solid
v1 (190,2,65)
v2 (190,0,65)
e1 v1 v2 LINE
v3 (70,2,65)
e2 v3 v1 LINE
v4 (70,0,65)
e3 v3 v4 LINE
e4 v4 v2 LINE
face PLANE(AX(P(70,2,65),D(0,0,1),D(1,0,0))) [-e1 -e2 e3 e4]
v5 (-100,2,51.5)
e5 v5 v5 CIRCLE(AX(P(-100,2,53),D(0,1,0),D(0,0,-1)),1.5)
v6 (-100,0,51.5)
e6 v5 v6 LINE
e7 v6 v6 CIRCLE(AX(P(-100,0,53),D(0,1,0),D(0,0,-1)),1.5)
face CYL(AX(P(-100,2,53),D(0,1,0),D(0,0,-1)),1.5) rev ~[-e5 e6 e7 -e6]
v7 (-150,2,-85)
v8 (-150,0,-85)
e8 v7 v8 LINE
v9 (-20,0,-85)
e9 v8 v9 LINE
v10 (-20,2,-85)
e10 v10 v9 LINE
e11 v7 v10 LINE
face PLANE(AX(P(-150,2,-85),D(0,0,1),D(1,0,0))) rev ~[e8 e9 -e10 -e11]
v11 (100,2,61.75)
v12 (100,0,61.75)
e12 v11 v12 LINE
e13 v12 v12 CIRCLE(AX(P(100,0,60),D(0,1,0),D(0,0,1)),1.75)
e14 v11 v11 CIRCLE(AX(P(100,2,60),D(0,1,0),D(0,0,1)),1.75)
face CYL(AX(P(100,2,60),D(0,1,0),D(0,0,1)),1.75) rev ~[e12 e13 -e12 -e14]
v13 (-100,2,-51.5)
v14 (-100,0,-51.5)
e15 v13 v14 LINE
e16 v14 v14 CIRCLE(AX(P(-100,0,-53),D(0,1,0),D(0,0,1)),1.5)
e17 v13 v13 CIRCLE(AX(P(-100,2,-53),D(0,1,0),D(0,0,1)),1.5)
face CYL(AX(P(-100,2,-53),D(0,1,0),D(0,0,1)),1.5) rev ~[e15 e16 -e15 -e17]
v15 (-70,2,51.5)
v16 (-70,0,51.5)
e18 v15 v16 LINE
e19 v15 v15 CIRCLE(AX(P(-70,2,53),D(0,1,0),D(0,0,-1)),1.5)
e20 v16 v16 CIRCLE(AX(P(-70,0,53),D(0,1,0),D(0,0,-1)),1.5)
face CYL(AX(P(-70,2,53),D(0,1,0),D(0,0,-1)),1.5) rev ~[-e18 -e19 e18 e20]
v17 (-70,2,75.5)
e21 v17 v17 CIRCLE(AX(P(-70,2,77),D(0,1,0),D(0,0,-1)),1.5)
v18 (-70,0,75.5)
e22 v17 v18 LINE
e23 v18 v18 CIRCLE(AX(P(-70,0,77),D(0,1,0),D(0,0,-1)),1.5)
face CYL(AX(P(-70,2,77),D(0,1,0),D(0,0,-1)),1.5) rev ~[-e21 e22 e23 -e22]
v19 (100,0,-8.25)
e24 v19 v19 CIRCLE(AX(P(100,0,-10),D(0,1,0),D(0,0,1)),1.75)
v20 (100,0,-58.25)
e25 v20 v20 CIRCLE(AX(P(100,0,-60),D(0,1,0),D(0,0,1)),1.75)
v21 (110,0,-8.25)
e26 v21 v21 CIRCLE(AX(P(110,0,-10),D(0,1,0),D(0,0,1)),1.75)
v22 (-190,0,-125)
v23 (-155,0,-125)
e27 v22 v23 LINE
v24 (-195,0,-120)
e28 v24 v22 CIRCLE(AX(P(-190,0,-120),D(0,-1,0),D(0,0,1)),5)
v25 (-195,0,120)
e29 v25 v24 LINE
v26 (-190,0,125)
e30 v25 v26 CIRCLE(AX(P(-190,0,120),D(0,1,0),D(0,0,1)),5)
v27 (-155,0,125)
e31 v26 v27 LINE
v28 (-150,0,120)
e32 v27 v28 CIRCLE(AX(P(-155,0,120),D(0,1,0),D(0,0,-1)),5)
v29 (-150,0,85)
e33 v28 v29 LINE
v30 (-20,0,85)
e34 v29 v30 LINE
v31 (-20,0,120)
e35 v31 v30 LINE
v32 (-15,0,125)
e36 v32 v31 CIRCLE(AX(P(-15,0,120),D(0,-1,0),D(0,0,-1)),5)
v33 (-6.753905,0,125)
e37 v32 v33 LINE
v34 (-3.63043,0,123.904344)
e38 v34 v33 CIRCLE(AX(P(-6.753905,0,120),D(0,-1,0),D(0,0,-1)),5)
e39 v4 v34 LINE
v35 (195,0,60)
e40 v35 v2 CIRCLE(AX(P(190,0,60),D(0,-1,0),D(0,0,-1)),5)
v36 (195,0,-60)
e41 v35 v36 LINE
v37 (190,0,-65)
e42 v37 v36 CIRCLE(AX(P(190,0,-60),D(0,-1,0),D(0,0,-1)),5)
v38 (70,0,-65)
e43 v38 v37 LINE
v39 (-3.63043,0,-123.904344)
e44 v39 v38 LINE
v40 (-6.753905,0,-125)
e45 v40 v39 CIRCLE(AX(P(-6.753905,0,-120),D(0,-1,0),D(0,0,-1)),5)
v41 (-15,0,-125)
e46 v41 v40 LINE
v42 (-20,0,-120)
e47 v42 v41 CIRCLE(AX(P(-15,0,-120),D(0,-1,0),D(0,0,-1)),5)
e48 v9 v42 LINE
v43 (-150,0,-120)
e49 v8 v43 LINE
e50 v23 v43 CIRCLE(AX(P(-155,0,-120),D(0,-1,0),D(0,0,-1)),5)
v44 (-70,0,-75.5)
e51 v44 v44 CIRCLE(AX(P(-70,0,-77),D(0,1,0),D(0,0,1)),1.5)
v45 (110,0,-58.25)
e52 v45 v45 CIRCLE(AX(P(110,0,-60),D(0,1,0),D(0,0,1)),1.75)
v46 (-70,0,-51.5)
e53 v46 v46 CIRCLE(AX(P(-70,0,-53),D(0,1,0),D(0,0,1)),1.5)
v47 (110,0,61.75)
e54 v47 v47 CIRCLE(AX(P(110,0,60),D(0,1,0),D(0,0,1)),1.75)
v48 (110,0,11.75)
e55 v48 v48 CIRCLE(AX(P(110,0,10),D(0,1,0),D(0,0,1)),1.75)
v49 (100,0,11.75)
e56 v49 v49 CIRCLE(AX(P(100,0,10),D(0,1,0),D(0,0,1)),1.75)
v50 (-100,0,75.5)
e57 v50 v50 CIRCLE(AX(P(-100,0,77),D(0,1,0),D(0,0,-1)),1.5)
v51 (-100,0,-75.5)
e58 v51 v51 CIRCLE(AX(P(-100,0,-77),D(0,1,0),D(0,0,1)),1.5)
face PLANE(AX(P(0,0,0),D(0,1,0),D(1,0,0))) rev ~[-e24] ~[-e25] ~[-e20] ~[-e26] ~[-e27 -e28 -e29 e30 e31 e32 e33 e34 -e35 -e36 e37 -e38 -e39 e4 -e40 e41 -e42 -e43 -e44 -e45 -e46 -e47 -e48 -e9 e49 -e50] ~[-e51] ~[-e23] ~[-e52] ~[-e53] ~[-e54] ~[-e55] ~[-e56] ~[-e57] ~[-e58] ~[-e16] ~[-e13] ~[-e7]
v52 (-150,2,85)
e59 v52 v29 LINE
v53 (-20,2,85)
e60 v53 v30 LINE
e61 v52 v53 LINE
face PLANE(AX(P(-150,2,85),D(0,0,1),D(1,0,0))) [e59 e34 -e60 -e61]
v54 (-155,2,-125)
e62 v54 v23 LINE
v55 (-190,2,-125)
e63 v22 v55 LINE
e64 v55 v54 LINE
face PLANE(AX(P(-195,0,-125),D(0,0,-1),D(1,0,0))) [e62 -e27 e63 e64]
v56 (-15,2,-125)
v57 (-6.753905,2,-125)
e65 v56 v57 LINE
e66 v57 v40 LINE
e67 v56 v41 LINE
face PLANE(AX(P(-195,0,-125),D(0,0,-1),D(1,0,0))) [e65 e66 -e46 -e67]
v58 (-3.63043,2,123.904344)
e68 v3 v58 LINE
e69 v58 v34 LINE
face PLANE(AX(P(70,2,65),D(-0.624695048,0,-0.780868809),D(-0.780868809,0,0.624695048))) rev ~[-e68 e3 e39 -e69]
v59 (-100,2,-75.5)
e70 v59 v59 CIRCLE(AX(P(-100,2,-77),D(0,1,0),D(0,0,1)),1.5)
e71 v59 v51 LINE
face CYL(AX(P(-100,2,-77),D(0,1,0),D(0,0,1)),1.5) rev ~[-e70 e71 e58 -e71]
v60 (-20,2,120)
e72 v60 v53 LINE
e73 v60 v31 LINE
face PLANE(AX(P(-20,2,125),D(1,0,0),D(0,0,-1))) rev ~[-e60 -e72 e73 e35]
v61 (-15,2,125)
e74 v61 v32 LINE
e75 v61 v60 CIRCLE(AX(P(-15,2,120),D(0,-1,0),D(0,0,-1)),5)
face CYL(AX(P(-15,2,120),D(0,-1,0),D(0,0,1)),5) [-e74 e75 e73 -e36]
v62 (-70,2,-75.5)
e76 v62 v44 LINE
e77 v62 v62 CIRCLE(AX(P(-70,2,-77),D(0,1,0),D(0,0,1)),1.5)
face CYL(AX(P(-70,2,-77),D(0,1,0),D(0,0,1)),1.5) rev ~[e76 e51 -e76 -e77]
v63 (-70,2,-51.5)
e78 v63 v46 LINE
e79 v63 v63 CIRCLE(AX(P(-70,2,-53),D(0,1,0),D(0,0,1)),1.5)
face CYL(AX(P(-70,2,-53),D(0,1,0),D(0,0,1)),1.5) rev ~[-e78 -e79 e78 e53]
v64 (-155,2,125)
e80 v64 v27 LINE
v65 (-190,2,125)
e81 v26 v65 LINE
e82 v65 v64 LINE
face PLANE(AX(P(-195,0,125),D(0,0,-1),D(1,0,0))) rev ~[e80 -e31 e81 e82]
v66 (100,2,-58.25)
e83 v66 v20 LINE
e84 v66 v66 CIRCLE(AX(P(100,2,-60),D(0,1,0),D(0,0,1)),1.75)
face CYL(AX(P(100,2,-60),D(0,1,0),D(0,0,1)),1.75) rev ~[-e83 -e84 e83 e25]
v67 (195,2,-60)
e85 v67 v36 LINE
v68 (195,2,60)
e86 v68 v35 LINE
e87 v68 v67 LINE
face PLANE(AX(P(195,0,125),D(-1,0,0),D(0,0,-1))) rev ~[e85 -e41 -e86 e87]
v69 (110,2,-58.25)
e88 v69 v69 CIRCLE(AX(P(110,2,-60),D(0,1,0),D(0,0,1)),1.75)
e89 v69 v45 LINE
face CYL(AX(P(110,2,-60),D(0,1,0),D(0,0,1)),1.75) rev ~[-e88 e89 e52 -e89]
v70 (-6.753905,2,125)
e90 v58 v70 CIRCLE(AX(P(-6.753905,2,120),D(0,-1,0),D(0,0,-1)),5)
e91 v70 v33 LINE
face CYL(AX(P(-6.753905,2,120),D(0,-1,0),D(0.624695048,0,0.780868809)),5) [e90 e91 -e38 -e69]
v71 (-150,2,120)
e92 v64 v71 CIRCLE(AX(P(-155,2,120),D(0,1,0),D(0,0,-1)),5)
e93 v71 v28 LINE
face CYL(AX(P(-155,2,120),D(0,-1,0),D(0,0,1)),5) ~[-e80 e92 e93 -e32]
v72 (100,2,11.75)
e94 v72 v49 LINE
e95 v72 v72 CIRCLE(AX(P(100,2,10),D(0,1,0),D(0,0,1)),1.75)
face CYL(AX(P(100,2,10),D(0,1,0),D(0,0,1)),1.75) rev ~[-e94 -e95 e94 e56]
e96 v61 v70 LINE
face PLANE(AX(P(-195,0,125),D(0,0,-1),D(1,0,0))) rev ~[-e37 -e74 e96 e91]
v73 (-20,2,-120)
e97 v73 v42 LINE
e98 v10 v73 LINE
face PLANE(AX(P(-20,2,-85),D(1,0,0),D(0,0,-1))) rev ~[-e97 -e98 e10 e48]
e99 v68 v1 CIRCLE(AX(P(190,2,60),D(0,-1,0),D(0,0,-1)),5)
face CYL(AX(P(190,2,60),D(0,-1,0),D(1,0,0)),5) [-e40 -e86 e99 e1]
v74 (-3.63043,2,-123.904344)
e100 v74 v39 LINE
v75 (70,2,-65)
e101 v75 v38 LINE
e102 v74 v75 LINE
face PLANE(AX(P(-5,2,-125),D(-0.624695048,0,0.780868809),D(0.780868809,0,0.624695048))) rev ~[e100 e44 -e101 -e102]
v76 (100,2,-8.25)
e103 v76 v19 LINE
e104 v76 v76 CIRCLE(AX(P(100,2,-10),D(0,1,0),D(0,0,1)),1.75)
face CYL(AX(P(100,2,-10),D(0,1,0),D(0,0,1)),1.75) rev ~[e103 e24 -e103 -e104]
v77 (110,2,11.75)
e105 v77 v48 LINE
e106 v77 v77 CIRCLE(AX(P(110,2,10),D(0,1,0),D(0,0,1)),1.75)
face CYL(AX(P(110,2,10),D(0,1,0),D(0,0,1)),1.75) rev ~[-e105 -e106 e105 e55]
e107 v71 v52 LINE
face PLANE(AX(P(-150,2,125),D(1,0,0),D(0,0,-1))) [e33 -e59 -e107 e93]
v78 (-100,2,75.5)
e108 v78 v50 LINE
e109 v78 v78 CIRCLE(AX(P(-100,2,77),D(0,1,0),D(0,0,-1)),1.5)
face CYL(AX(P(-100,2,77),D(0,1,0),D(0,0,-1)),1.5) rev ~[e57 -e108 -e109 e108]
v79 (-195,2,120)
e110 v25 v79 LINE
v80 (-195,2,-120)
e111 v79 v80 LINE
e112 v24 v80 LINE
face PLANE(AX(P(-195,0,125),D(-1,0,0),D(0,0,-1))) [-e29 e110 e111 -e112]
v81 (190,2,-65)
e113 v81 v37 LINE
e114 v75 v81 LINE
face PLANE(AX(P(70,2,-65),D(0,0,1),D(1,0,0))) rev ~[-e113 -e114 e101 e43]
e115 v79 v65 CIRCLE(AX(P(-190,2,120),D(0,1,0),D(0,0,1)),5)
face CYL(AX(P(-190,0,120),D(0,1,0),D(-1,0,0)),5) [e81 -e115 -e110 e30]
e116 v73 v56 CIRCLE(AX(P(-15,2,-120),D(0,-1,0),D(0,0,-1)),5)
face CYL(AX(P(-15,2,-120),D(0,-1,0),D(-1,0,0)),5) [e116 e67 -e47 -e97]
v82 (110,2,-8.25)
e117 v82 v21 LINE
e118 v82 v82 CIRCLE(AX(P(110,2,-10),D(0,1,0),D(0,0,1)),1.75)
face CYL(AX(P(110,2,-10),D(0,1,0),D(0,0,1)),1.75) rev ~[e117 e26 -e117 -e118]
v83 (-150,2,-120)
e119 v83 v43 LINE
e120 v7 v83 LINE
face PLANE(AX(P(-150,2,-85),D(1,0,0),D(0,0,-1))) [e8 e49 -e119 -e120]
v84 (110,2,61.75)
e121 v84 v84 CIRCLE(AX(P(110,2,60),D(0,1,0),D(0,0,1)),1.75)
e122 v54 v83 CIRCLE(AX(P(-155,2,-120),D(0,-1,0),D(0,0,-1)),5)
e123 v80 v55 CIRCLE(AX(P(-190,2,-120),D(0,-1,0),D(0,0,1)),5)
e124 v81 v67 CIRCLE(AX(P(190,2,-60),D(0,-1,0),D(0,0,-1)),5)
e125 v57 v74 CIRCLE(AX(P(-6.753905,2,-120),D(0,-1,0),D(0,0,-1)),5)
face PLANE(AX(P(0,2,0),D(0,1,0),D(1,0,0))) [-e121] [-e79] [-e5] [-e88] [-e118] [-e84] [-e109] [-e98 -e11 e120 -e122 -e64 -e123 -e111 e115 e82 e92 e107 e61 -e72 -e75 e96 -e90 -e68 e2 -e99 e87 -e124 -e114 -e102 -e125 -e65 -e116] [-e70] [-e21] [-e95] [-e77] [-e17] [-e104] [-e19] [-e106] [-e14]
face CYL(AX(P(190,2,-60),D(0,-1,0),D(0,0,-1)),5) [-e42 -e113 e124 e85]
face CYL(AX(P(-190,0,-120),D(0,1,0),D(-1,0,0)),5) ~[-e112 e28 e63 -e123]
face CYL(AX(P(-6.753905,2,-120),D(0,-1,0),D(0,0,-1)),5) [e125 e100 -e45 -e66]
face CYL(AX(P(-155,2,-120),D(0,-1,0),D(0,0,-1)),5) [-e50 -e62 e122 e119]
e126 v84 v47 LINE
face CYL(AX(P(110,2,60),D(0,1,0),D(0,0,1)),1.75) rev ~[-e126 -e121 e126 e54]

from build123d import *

# Parameters (mm, degrees)
SKETCH_1_W          = 390
SKETCH_1_H          = 250
EXTRUDE_1_DEPTH     = 2
SKETCH_2_W          = 130
SKETCH_2_H          = 40
SKETCH_2_W_2        = 125
SKETCH_2_H_2        = 60
CUT_EXTRUDE_1_DEPTH = 5
CUT_EXTRUDE_2_DEPTH = 10
FILLET_1_R          = 5
SKETCH_4_R          = 1.5
SKETCH_4_R_2        = 1.75
CUT_EXTRUDE_3_DEPTH = 232.633330935


with BuildPart() as part:
    # 스케치1 → 보스-돌출1 (new body)
    with BuildSketch(Plane(origin=(0, 0, 0), x_dir=(1, 0, 0), z_dir=(0, 1, 0))):
        Rectangle(SKETCH_1_W, SKETCH_1_H)
    extrude(amount=EXTRUDE_1_DEPTH)

    # 스케치2 → 컷-돌출1 (cut)
    with BuildSketch(Plane(origin=(0, 2, 0), x_dir=(1, 0, 0), z_dir=(0, 1, 0))):
        with Locations((-85, 105)):
            Rectangle(SKETCH_2_W, SKETCH_2_H)
        with Locations((-85, -105)):
            Rectangle(SKETCH_2_W, SKETCH_2_H)
        with Locations((132.5, 95)):
            Rectangle(SKETCH_2_W_2, SKETCH_2_H_2)
        with Locations((132.5, -95)):
            Rectangle(SKETCH_2_W_2, SKETCH_2_H_2)
    extrude(amount=-CUT_EXTRUDE_1_DEPTH, mode=Mode.SUBTRACT)

    # 스케치3 → 컷-돌출2 (cut)
    with BuildSketch(Plane(origin=(0, 2, 0), x_dir=(1, 0, 0), z_dir=(0, 1, 0))):
        Polygon((-5, 125), (70, 65), (70, 125), align=None)
        Polygon((70, -65), (-5, -125), (70, -125), align=None)
    extrude(amount=-CUT_EXTRUDE_2_DEPTH, mode=Mode.SUBTRACT)

    # 필렛1
    fillet_1_edges = [part.edges().sort_by_distance(p)[0] for p in [
        (-5, 1, -125),
        (-5, 1, 125),
        (-150, 1, 125),
        (-20, 1, 125),
        (195, 1, -65),
        (195, 1, 65),
        (-150, 1, -125),
        (-20, 1, -125),
        (-195, 1, 125),
        (-195, 1, -125),
    ]]
    fillet(fillet_1_edges, radius=FILLET_1_R)

    # 스케치4 → 컷-돌출3 (cut, through all)
    with BuildSketch(Plane(origin=(0, 2, 0), x_dir=(1, 0, 0), z_dir=(0, 1, 0))):
        with Locations(Location((-100, 77, 0), (0, 0, 270))):
            Circle(SKETCH_4_R)
        with Locations(Location((-70, 77, 0), (0, 0, 270))):
            Circle(SKETCH_4_R)
        with Locations(Location((-70, 53, 0), (0, 0, 270))):
            Circle(SKETCH_4_R)
        with Locations(Location((-100, 53, 0), (0, 0, 270))):
            Circle(SKETCH_4_R)
        with Locations(Location((-100, -53, 0), (0, 0, 90))):
            Circle(SKETCH_4_R)
        with Locations(Location((-70, -53, 0), (0, 0, 90))):
            Circle(SKETCH_4_R)
        with Locations(Location((-70, -77, 0), (0, 0, 90))):
            Circle(SKETCH_4_R)
        with Locations(Location((-100, -77, 0), (0, 0, 90))):
            Circle(SKETCH_4_R)
        with Locations(Location((100, 60, 0), (0, 0, 270))):
            Circle(SKETCH_4_R_2)
        with Locations(Location((110, 60, 0), (0, 0, 270))):
            Circle(SKETCH_4_R_2)
        with Locations(Location((100, 10, 0), (0, 0, 270))):
            Circle(SKETCH_4_R_2)
        with Locations(Location((110, 10, 0), (0, 0, 270))):
            Circle(SKETCH_4_R_2)
        with Locations(Location((100, -10, 0), (0, 0, 270))):
            Circle(SKETCH_4_R_2)
        with Locations(Location((110, -10, 0), (0, 0, 270))):
            Circle(SKETCH_4_R_2)
        with Locations(Location((100, -60, 0), (0, 0, 270))):
            Circle(SKETCH_4_R_2)
        with Locations(Location((110, -60, 0), (0, 0, 270))):
            Circle(SKETCH_4_R_2)
    extrude(amount=-CUT_EXTRUDE_3_DEPTH, mode=Mode.SUBTRACT)


solid = part.part
